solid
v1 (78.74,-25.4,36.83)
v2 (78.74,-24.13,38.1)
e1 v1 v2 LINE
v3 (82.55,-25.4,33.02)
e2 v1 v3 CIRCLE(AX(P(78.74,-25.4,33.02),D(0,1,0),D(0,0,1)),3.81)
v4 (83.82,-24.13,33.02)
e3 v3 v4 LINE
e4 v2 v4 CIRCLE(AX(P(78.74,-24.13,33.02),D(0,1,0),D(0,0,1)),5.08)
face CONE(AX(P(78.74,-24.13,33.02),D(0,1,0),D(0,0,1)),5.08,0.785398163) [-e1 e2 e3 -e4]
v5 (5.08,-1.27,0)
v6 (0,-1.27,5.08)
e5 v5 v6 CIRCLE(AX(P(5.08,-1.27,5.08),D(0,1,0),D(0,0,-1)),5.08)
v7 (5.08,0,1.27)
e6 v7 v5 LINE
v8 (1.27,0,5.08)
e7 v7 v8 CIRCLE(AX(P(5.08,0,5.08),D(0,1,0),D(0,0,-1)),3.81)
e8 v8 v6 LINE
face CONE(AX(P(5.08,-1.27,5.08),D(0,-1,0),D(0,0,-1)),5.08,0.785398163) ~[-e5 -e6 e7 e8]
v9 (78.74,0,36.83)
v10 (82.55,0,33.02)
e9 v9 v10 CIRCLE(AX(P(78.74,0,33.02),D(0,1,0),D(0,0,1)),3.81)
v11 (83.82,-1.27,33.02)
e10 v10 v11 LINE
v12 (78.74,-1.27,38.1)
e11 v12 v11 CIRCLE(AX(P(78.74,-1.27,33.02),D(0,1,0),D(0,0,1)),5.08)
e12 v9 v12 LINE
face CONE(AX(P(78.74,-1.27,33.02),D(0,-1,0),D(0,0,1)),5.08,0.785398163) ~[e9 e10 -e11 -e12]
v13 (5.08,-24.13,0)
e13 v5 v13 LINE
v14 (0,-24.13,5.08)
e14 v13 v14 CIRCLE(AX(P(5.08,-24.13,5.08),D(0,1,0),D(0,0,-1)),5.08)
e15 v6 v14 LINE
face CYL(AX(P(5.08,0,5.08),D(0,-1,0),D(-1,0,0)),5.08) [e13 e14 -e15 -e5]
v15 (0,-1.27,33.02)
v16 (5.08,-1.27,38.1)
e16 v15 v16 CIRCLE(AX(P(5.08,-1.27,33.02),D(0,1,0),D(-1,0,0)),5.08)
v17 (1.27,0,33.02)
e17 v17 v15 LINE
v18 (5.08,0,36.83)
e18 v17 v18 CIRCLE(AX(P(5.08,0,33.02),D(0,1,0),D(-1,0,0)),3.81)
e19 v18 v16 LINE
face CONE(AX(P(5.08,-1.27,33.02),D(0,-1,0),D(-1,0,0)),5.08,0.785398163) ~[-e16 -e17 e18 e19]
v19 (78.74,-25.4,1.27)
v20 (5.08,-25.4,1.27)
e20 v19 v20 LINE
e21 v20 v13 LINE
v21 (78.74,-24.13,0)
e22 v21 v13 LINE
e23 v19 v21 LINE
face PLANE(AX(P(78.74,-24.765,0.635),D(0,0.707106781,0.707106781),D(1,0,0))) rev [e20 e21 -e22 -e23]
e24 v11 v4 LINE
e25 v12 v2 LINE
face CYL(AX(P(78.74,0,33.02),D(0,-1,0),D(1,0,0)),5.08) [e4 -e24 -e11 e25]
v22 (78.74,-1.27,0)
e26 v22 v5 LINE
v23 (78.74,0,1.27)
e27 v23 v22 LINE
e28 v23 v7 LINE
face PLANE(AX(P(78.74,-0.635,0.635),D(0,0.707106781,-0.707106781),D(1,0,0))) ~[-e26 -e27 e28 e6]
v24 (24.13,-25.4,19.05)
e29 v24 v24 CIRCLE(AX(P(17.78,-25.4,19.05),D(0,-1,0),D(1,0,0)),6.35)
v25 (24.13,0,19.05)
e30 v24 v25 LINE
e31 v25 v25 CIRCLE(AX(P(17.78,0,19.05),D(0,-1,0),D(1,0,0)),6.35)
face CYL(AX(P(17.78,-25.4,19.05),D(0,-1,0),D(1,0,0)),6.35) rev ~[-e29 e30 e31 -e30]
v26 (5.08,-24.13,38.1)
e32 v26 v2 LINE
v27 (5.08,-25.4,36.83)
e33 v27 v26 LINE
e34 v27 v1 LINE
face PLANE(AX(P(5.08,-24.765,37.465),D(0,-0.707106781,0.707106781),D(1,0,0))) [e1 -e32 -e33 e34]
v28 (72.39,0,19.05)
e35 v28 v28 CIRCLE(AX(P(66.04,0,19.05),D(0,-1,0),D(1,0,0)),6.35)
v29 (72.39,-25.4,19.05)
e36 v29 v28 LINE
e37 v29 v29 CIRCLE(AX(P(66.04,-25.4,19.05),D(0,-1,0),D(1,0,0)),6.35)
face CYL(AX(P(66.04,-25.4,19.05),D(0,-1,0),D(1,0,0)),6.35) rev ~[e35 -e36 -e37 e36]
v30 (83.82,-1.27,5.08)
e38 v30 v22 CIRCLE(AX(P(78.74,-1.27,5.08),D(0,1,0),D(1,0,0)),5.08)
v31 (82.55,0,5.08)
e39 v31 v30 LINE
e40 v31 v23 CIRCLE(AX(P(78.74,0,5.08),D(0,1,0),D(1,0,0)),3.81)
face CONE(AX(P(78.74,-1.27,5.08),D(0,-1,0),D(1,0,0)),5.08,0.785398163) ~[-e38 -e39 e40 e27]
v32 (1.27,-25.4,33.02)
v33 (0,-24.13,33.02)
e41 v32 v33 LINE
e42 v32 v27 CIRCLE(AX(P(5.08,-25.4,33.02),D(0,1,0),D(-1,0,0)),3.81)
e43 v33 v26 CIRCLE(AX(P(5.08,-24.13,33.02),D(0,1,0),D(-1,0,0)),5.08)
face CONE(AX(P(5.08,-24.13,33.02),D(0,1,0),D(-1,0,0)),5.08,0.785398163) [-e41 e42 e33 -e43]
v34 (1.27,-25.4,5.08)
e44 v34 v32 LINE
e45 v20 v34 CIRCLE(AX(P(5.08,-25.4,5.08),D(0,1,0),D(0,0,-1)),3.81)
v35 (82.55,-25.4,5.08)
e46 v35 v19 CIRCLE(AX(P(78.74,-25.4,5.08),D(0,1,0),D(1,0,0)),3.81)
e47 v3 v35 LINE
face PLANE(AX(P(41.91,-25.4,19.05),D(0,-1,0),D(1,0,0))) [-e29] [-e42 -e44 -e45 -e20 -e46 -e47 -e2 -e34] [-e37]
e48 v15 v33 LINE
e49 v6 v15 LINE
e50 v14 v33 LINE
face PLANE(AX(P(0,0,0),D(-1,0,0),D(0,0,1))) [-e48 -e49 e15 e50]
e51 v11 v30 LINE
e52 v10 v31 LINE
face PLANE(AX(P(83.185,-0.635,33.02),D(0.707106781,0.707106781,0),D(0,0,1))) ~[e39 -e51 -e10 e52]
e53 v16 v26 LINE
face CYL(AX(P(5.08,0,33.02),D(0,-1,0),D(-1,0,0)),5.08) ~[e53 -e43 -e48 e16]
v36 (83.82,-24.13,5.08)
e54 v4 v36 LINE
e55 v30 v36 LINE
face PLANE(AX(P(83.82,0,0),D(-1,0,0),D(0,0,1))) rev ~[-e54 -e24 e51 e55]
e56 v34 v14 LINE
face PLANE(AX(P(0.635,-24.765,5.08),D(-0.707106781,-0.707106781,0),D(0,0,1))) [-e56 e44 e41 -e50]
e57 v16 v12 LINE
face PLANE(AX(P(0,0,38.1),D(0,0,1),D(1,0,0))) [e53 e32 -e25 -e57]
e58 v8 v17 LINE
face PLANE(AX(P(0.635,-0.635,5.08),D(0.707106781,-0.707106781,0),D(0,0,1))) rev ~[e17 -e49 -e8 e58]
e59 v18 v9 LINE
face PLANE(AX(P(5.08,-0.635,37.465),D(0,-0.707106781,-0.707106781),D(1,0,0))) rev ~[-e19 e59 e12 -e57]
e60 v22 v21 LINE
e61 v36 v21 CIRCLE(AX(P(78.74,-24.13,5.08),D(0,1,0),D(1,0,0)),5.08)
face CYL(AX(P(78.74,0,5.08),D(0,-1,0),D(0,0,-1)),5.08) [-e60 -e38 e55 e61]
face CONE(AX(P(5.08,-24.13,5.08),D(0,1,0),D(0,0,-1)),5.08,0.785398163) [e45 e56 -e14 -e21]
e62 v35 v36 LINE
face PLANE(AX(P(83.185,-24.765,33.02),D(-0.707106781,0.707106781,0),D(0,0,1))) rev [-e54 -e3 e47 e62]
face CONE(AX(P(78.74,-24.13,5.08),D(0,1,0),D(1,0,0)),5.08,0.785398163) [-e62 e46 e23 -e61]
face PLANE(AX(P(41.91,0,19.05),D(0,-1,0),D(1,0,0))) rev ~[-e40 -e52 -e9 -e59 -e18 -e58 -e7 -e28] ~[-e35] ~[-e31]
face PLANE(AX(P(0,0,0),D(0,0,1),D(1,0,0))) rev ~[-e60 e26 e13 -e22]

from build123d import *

# Parameters (mm, degrees)
F0_W     = 83.82
F0_H     = 38.1
F1_DEPTH = 25.4
F2_R     = 5.08
F3_R     = 6.35
F4_DEPTH = 25.4
F5_SIZE  = 1.27


with BuildPart() as f1:
    # F0 (on Front) → F1 (new body)
    with BuildSketch(Plane.XZ):
        with Locations((41.91, 19.05)):
            Rectangle(F0_W, F0_H)
    extrude(amount=F1_DEPTH)

    # F2
    f2_edges = [f1.edges().sort_by_distance(p)[0] for p in [
        (83.82, -12.7, 38.1),
        (0, -12.7, 38.1),
        (83.82, -12.7, 0),
        (0, -12.7, 0),
    ]]
    fillet(f2_edges, radius=F2_R)

    # F3 (on face) → F4 (cut, through all)
    with BuildSketch(Plane.XZ.offset(25.4)):
        with Locations((17.78, 19.05)):
            Circle(F3_R)
        with Locations((66.04, 19.05)):
            Circle(F3_R)
    extrude(amount=-F4_DEPTH, mode=Mode.SUBTRACT)

    # F5
    f5_edges = [f1.edges().sort_by_distance(p)[0] for p in [
        (41.91, -25.4, 38.1),
        (41.91, 0, 38.1),
    ]]
    chamfer(f5_edges, length=F5_SIZE)


solid = f1.part
